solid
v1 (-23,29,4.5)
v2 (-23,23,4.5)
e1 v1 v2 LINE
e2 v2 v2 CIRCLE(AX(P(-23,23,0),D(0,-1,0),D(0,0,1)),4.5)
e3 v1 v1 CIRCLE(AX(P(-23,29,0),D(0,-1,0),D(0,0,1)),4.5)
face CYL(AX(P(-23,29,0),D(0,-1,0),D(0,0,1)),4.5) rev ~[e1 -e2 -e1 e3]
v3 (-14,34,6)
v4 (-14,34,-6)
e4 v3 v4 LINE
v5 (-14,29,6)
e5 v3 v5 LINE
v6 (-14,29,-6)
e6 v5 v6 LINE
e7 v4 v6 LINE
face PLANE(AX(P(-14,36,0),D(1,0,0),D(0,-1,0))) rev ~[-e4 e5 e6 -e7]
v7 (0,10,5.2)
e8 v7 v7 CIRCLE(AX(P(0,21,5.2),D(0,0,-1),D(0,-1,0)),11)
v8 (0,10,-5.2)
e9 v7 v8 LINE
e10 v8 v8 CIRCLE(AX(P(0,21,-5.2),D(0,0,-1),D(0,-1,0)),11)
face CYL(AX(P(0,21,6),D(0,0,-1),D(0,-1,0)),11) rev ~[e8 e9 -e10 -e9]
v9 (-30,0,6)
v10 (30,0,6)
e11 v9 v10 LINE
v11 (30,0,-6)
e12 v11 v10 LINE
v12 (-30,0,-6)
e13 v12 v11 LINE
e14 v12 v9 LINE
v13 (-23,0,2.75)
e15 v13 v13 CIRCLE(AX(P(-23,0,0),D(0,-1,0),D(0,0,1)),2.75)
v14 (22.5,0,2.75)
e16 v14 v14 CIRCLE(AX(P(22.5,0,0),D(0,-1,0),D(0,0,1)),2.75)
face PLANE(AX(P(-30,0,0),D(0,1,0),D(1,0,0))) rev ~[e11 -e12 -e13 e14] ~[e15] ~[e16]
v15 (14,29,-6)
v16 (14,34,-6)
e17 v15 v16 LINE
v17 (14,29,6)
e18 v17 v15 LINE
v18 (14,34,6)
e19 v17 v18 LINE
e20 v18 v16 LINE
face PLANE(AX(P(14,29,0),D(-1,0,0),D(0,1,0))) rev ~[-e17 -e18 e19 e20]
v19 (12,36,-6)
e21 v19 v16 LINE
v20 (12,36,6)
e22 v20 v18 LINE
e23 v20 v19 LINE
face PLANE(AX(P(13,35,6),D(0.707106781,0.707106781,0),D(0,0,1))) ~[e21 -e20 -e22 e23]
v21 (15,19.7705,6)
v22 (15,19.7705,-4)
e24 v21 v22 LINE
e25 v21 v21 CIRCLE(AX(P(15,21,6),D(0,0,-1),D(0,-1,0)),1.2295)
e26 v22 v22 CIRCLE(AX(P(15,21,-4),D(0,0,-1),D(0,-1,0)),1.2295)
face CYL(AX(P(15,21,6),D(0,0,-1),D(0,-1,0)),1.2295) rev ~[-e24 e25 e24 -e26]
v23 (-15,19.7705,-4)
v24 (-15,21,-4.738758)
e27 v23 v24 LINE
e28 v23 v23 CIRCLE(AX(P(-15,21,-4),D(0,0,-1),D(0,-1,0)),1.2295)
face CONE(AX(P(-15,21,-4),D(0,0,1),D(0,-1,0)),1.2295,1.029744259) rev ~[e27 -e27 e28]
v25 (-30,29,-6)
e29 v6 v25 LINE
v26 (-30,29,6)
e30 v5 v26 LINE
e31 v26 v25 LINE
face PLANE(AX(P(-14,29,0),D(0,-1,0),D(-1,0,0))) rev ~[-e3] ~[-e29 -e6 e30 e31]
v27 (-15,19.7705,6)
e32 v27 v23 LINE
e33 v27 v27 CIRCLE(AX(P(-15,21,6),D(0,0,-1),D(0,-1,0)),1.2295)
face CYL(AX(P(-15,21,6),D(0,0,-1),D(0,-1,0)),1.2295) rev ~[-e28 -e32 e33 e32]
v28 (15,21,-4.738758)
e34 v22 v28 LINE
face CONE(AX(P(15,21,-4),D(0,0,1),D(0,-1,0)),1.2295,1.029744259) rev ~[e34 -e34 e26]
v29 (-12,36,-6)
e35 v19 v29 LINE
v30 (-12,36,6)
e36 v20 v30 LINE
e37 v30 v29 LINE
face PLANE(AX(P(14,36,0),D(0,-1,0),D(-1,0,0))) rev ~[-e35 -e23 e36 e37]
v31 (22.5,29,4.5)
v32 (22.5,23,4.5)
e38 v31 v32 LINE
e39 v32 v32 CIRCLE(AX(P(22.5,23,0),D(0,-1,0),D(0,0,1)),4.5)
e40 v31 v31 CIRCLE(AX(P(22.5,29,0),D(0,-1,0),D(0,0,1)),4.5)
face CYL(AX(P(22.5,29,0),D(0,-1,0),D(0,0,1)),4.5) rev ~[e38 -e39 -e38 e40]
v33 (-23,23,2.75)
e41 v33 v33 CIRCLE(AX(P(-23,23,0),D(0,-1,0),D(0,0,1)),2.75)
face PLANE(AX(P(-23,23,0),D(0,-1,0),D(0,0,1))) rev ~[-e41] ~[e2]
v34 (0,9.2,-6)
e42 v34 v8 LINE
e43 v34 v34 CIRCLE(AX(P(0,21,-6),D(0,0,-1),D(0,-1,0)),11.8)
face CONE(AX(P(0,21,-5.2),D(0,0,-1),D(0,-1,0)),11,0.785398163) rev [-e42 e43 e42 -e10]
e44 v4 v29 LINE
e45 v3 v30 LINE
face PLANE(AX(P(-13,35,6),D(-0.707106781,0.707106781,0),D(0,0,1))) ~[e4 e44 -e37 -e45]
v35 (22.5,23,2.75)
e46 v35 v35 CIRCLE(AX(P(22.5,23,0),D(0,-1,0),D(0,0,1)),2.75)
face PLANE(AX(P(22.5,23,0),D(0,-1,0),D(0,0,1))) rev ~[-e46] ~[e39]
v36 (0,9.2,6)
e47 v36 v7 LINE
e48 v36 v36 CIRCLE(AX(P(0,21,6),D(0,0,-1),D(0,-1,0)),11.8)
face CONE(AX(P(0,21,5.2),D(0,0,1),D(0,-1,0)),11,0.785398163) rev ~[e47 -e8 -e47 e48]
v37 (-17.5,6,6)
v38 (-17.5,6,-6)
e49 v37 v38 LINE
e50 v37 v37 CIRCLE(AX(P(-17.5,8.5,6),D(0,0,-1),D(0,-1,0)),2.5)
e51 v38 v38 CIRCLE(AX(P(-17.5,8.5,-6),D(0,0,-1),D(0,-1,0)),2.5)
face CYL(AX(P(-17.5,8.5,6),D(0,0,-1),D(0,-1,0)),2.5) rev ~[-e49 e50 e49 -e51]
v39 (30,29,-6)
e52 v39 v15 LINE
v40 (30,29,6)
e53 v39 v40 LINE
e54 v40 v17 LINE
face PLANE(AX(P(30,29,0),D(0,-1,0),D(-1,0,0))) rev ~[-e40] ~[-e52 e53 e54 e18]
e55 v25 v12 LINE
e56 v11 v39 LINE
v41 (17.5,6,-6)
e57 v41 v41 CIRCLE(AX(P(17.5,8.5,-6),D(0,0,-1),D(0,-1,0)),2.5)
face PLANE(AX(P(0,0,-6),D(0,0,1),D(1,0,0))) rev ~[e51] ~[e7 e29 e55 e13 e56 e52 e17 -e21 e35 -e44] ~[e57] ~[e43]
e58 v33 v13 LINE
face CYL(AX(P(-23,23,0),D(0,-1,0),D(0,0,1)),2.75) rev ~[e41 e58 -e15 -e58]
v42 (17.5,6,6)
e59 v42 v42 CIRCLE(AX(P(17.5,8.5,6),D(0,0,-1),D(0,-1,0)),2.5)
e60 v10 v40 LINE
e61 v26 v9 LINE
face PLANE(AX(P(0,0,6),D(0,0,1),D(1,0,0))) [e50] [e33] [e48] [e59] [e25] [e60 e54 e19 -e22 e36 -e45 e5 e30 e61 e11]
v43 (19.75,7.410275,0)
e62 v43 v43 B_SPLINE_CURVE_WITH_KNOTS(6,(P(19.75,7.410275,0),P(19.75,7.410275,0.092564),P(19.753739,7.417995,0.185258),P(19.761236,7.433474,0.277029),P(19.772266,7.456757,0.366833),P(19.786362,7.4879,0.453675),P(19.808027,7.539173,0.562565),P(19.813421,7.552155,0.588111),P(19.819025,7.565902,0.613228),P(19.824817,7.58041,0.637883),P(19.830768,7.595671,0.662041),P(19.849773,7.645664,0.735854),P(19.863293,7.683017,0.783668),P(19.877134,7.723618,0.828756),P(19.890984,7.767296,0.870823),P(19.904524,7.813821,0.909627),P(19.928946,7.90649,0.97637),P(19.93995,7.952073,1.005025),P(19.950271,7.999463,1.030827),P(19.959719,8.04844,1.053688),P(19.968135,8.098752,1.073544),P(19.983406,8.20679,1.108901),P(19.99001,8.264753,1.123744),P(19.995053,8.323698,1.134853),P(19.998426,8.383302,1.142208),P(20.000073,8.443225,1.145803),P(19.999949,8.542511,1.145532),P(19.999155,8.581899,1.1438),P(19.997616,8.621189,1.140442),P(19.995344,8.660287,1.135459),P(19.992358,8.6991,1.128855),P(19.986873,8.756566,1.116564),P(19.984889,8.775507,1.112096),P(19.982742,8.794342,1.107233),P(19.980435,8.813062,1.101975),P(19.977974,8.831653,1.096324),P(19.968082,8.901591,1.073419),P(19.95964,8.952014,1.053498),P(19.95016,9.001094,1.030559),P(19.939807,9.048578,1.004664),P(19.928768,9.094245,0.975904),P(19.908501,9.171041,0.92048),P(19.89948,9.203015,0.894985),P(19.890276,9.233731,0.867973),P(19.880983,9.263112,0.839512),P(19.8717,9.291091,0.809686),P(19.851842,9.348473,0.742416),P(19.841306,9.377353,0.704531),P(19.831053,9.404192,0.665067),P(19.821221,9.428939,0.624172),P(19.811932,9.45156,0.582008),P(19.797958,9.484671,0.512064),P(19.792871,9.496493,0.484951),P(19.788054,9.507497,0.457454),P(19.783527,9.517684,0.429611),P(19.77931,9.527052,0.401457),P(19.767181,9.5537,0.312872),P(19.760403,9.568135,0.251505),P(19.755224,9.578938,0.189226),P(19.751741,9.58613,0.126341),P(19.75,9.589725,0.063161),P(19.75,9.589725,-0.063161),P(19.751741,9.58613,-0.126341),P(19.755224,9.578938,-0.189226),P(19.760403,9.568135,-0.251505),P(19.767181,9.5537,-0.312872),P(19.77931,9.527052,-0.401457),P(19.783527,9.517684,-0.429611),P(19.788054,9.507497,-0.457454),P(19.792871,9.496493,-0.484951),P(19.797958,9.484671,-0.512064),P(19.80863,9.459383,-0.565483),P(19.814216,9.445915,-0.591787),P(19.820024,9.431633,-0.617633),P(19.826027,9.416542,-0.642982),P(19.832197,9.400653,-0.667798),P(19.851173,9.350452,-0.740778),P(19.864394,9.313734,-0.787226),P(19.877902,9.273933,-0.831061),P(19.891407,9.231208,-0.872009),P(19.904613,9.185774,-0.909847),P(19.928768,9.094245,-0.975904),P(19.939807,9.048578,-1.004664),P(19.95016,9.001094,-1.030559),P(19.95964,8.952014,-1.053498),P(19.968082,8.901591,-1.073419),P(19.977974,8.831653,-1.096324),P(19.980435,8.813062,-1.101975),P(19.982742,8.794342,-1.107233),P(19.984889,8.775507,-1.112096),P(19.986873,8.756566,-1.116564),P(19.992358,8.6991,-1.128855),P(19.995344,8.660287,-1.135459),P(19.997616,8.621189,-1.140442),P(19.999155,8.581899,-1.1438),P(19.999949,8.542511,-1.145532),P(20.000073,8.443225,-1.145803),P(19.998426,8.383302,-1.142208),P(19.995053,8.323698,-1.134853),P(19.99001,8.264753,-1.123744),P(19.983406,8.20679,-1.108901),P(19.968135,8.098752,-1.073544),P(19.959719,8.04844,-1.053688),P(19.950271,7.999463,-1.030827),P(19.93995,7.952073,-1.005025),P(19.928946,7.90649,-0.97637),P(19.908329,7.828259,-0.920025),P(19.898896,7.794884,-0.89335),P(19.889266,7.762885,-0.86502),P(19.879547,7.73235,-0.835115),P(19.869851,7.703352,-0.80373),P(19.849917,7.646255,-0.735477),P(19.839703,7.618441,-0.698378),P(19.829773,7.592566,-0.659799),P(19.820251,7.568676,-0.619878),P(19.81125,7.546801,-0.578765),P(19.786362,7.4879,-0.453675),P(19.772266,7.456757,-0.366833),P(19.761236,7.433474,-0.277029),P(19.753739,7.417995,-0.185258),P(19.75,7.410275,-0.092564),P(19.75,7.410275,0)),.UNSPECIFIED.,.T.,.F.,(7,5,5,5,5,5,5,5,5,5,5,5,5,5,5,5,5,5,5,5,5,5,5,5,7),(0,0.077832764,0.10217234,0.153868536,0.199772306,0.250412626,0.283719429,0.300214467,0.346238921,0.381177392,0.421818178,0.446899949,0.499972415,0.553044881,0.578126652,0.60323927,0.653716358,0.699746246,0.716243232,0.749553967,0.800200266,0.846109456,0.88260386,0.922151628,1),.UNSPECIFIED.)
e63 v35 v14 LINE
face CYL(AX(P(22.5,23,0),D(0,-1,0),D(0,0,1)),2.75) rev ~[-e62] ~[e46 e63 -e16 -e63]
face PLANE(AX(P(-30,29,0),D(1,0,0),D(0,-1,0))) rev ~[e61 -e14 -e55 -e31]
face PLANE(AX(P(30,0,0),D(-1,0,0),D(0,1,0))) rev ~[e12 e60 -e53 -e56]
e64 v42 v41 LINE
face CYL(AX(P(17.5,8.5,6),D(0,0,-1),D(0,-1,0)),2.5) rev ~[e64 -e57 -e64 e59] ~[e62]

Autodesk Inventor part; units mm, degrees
ref_plane "YZ Plane" through (0, 0, 0) normal (1, 0, 0) x (0, 1, 0)
ref_plane "XZ Plane" through (0, 0, 0) normal (0, 1, 0) x (-1, 0, 0)
ref_plane "XY Plane" through (0, 0, 0) normal (0, 0, 1) x (1, 0, 0)
sketch "Sketch1" plane through (0, 0, 0) normal (0, 0, 1) x (1, 0, 0)
  line L0 (-30, 0) -> (30, 0)
  line L1 (30, 0) -> (30, 29)
  line L2 (30, 29) -> (14, 29)
  line L3 (14, 29) -> (14, 36)
  line L4 (14, 36) -> (-14, 36)
  line L5 (-14, 36) -> (-14, 29)
  line L6 (-14, 29) -> (-30, 29)
  line L7 (-30, 29) -> (-30, 0)
  point P0 (0, 0)
  point P1 (0, 0)
  dimension "d0" = 60
  dimension "d1" = 36
  dimension "d2" = 7
  dimension "d3" = 28
extrude "Extrusion1" add sketch "Sketch1" along normal mid plane 12
sketch "Sketch2" plane through (0, 0, 6) normal (0, 0, 1) x (1, 0, 0)
  line L0 (-30, 0) -> (30, 0) projected
  point P0 (0, 0)
  point P1 (0, 21)
  point P2 (0, 0)
  dimension "d6" = 21
hole "Hole1" at (0, 21, 6) direction (0, 0, -1) diameter 22 end through all
chamfer "Chamfer1" distance 0.8 angle 45 2 edges at (0, 32, 6) (0, 32, -6)
chamfer "Chamfer2" distance 2 angle 45 2 edges at (-14, 36, 0) (14, 36, 0)
sketch "Sketch3" plane through (-30, 29, 6) normal (0, 1, 0) x (1, 0, 0)
  line L0 (0, 12) -> (0, 0) projected
  line L1 (60, 12) -> (60, 0) projected
  point P0 (30, 6)
  point P1 (7, 6)
  point P2 (52.5, 6)
  dimension "d20" = 45.5
  dimension "d21" = 7
  dimension "d22" = 7.5
hole "Hole2" at (-23, 29, 0) at (22.5, 29, 0) direction (0, -1, 0) diameter 5.5 end through all counterbore diameter 9 counterbore depth 6
sketch "Sketch4" plane through (0, 0, 6) normal (0, 0, 1) x (1, 0, 0)
  line L0 (-30, 0) -> (30, 0) projected
  line L1 (-30, 29) -> (-30, 0) projected
  point P0 (0, 0)
  point P1 (-17.5, 8.5)
  point P2 (17.5, 8.5)
  dimension "d30" = 35
  dimension "d31" = 8.5
  dimension "d32" = 12.5
hole "Hole3" at (-17.5, 8.5, 6) at (17.5, 8.5, 6) direction (0, 0, -1) diameter 5 end through all
sketch "Sketch5" plane through (0, 0, 6) normal (0, 0, 1) x (1, 0, 0)
  circle A0 centre (0, 21) radius 11 projected
  circle A1 centre (0, 21) radius 11 projected
  point P0 (0, 0)
  point P1 (-15, 21)
  point P2 (15, 21)
  dimension "d40" = 30
  dimension "d41" = 15
hole "Hole4" at (-15, 21, 6) at (15, 21, 6) direction (0, 0, -1) diameter 2.459 depth 10 tip angle 118 thread size "M3x0.5" designation "M3" class "6H" standard "ISO Metric profile"
equation "\"d41\" = 0.5 * d40"
properties part number "Lagerbock_Loslager" material "Aluminum 6061"
